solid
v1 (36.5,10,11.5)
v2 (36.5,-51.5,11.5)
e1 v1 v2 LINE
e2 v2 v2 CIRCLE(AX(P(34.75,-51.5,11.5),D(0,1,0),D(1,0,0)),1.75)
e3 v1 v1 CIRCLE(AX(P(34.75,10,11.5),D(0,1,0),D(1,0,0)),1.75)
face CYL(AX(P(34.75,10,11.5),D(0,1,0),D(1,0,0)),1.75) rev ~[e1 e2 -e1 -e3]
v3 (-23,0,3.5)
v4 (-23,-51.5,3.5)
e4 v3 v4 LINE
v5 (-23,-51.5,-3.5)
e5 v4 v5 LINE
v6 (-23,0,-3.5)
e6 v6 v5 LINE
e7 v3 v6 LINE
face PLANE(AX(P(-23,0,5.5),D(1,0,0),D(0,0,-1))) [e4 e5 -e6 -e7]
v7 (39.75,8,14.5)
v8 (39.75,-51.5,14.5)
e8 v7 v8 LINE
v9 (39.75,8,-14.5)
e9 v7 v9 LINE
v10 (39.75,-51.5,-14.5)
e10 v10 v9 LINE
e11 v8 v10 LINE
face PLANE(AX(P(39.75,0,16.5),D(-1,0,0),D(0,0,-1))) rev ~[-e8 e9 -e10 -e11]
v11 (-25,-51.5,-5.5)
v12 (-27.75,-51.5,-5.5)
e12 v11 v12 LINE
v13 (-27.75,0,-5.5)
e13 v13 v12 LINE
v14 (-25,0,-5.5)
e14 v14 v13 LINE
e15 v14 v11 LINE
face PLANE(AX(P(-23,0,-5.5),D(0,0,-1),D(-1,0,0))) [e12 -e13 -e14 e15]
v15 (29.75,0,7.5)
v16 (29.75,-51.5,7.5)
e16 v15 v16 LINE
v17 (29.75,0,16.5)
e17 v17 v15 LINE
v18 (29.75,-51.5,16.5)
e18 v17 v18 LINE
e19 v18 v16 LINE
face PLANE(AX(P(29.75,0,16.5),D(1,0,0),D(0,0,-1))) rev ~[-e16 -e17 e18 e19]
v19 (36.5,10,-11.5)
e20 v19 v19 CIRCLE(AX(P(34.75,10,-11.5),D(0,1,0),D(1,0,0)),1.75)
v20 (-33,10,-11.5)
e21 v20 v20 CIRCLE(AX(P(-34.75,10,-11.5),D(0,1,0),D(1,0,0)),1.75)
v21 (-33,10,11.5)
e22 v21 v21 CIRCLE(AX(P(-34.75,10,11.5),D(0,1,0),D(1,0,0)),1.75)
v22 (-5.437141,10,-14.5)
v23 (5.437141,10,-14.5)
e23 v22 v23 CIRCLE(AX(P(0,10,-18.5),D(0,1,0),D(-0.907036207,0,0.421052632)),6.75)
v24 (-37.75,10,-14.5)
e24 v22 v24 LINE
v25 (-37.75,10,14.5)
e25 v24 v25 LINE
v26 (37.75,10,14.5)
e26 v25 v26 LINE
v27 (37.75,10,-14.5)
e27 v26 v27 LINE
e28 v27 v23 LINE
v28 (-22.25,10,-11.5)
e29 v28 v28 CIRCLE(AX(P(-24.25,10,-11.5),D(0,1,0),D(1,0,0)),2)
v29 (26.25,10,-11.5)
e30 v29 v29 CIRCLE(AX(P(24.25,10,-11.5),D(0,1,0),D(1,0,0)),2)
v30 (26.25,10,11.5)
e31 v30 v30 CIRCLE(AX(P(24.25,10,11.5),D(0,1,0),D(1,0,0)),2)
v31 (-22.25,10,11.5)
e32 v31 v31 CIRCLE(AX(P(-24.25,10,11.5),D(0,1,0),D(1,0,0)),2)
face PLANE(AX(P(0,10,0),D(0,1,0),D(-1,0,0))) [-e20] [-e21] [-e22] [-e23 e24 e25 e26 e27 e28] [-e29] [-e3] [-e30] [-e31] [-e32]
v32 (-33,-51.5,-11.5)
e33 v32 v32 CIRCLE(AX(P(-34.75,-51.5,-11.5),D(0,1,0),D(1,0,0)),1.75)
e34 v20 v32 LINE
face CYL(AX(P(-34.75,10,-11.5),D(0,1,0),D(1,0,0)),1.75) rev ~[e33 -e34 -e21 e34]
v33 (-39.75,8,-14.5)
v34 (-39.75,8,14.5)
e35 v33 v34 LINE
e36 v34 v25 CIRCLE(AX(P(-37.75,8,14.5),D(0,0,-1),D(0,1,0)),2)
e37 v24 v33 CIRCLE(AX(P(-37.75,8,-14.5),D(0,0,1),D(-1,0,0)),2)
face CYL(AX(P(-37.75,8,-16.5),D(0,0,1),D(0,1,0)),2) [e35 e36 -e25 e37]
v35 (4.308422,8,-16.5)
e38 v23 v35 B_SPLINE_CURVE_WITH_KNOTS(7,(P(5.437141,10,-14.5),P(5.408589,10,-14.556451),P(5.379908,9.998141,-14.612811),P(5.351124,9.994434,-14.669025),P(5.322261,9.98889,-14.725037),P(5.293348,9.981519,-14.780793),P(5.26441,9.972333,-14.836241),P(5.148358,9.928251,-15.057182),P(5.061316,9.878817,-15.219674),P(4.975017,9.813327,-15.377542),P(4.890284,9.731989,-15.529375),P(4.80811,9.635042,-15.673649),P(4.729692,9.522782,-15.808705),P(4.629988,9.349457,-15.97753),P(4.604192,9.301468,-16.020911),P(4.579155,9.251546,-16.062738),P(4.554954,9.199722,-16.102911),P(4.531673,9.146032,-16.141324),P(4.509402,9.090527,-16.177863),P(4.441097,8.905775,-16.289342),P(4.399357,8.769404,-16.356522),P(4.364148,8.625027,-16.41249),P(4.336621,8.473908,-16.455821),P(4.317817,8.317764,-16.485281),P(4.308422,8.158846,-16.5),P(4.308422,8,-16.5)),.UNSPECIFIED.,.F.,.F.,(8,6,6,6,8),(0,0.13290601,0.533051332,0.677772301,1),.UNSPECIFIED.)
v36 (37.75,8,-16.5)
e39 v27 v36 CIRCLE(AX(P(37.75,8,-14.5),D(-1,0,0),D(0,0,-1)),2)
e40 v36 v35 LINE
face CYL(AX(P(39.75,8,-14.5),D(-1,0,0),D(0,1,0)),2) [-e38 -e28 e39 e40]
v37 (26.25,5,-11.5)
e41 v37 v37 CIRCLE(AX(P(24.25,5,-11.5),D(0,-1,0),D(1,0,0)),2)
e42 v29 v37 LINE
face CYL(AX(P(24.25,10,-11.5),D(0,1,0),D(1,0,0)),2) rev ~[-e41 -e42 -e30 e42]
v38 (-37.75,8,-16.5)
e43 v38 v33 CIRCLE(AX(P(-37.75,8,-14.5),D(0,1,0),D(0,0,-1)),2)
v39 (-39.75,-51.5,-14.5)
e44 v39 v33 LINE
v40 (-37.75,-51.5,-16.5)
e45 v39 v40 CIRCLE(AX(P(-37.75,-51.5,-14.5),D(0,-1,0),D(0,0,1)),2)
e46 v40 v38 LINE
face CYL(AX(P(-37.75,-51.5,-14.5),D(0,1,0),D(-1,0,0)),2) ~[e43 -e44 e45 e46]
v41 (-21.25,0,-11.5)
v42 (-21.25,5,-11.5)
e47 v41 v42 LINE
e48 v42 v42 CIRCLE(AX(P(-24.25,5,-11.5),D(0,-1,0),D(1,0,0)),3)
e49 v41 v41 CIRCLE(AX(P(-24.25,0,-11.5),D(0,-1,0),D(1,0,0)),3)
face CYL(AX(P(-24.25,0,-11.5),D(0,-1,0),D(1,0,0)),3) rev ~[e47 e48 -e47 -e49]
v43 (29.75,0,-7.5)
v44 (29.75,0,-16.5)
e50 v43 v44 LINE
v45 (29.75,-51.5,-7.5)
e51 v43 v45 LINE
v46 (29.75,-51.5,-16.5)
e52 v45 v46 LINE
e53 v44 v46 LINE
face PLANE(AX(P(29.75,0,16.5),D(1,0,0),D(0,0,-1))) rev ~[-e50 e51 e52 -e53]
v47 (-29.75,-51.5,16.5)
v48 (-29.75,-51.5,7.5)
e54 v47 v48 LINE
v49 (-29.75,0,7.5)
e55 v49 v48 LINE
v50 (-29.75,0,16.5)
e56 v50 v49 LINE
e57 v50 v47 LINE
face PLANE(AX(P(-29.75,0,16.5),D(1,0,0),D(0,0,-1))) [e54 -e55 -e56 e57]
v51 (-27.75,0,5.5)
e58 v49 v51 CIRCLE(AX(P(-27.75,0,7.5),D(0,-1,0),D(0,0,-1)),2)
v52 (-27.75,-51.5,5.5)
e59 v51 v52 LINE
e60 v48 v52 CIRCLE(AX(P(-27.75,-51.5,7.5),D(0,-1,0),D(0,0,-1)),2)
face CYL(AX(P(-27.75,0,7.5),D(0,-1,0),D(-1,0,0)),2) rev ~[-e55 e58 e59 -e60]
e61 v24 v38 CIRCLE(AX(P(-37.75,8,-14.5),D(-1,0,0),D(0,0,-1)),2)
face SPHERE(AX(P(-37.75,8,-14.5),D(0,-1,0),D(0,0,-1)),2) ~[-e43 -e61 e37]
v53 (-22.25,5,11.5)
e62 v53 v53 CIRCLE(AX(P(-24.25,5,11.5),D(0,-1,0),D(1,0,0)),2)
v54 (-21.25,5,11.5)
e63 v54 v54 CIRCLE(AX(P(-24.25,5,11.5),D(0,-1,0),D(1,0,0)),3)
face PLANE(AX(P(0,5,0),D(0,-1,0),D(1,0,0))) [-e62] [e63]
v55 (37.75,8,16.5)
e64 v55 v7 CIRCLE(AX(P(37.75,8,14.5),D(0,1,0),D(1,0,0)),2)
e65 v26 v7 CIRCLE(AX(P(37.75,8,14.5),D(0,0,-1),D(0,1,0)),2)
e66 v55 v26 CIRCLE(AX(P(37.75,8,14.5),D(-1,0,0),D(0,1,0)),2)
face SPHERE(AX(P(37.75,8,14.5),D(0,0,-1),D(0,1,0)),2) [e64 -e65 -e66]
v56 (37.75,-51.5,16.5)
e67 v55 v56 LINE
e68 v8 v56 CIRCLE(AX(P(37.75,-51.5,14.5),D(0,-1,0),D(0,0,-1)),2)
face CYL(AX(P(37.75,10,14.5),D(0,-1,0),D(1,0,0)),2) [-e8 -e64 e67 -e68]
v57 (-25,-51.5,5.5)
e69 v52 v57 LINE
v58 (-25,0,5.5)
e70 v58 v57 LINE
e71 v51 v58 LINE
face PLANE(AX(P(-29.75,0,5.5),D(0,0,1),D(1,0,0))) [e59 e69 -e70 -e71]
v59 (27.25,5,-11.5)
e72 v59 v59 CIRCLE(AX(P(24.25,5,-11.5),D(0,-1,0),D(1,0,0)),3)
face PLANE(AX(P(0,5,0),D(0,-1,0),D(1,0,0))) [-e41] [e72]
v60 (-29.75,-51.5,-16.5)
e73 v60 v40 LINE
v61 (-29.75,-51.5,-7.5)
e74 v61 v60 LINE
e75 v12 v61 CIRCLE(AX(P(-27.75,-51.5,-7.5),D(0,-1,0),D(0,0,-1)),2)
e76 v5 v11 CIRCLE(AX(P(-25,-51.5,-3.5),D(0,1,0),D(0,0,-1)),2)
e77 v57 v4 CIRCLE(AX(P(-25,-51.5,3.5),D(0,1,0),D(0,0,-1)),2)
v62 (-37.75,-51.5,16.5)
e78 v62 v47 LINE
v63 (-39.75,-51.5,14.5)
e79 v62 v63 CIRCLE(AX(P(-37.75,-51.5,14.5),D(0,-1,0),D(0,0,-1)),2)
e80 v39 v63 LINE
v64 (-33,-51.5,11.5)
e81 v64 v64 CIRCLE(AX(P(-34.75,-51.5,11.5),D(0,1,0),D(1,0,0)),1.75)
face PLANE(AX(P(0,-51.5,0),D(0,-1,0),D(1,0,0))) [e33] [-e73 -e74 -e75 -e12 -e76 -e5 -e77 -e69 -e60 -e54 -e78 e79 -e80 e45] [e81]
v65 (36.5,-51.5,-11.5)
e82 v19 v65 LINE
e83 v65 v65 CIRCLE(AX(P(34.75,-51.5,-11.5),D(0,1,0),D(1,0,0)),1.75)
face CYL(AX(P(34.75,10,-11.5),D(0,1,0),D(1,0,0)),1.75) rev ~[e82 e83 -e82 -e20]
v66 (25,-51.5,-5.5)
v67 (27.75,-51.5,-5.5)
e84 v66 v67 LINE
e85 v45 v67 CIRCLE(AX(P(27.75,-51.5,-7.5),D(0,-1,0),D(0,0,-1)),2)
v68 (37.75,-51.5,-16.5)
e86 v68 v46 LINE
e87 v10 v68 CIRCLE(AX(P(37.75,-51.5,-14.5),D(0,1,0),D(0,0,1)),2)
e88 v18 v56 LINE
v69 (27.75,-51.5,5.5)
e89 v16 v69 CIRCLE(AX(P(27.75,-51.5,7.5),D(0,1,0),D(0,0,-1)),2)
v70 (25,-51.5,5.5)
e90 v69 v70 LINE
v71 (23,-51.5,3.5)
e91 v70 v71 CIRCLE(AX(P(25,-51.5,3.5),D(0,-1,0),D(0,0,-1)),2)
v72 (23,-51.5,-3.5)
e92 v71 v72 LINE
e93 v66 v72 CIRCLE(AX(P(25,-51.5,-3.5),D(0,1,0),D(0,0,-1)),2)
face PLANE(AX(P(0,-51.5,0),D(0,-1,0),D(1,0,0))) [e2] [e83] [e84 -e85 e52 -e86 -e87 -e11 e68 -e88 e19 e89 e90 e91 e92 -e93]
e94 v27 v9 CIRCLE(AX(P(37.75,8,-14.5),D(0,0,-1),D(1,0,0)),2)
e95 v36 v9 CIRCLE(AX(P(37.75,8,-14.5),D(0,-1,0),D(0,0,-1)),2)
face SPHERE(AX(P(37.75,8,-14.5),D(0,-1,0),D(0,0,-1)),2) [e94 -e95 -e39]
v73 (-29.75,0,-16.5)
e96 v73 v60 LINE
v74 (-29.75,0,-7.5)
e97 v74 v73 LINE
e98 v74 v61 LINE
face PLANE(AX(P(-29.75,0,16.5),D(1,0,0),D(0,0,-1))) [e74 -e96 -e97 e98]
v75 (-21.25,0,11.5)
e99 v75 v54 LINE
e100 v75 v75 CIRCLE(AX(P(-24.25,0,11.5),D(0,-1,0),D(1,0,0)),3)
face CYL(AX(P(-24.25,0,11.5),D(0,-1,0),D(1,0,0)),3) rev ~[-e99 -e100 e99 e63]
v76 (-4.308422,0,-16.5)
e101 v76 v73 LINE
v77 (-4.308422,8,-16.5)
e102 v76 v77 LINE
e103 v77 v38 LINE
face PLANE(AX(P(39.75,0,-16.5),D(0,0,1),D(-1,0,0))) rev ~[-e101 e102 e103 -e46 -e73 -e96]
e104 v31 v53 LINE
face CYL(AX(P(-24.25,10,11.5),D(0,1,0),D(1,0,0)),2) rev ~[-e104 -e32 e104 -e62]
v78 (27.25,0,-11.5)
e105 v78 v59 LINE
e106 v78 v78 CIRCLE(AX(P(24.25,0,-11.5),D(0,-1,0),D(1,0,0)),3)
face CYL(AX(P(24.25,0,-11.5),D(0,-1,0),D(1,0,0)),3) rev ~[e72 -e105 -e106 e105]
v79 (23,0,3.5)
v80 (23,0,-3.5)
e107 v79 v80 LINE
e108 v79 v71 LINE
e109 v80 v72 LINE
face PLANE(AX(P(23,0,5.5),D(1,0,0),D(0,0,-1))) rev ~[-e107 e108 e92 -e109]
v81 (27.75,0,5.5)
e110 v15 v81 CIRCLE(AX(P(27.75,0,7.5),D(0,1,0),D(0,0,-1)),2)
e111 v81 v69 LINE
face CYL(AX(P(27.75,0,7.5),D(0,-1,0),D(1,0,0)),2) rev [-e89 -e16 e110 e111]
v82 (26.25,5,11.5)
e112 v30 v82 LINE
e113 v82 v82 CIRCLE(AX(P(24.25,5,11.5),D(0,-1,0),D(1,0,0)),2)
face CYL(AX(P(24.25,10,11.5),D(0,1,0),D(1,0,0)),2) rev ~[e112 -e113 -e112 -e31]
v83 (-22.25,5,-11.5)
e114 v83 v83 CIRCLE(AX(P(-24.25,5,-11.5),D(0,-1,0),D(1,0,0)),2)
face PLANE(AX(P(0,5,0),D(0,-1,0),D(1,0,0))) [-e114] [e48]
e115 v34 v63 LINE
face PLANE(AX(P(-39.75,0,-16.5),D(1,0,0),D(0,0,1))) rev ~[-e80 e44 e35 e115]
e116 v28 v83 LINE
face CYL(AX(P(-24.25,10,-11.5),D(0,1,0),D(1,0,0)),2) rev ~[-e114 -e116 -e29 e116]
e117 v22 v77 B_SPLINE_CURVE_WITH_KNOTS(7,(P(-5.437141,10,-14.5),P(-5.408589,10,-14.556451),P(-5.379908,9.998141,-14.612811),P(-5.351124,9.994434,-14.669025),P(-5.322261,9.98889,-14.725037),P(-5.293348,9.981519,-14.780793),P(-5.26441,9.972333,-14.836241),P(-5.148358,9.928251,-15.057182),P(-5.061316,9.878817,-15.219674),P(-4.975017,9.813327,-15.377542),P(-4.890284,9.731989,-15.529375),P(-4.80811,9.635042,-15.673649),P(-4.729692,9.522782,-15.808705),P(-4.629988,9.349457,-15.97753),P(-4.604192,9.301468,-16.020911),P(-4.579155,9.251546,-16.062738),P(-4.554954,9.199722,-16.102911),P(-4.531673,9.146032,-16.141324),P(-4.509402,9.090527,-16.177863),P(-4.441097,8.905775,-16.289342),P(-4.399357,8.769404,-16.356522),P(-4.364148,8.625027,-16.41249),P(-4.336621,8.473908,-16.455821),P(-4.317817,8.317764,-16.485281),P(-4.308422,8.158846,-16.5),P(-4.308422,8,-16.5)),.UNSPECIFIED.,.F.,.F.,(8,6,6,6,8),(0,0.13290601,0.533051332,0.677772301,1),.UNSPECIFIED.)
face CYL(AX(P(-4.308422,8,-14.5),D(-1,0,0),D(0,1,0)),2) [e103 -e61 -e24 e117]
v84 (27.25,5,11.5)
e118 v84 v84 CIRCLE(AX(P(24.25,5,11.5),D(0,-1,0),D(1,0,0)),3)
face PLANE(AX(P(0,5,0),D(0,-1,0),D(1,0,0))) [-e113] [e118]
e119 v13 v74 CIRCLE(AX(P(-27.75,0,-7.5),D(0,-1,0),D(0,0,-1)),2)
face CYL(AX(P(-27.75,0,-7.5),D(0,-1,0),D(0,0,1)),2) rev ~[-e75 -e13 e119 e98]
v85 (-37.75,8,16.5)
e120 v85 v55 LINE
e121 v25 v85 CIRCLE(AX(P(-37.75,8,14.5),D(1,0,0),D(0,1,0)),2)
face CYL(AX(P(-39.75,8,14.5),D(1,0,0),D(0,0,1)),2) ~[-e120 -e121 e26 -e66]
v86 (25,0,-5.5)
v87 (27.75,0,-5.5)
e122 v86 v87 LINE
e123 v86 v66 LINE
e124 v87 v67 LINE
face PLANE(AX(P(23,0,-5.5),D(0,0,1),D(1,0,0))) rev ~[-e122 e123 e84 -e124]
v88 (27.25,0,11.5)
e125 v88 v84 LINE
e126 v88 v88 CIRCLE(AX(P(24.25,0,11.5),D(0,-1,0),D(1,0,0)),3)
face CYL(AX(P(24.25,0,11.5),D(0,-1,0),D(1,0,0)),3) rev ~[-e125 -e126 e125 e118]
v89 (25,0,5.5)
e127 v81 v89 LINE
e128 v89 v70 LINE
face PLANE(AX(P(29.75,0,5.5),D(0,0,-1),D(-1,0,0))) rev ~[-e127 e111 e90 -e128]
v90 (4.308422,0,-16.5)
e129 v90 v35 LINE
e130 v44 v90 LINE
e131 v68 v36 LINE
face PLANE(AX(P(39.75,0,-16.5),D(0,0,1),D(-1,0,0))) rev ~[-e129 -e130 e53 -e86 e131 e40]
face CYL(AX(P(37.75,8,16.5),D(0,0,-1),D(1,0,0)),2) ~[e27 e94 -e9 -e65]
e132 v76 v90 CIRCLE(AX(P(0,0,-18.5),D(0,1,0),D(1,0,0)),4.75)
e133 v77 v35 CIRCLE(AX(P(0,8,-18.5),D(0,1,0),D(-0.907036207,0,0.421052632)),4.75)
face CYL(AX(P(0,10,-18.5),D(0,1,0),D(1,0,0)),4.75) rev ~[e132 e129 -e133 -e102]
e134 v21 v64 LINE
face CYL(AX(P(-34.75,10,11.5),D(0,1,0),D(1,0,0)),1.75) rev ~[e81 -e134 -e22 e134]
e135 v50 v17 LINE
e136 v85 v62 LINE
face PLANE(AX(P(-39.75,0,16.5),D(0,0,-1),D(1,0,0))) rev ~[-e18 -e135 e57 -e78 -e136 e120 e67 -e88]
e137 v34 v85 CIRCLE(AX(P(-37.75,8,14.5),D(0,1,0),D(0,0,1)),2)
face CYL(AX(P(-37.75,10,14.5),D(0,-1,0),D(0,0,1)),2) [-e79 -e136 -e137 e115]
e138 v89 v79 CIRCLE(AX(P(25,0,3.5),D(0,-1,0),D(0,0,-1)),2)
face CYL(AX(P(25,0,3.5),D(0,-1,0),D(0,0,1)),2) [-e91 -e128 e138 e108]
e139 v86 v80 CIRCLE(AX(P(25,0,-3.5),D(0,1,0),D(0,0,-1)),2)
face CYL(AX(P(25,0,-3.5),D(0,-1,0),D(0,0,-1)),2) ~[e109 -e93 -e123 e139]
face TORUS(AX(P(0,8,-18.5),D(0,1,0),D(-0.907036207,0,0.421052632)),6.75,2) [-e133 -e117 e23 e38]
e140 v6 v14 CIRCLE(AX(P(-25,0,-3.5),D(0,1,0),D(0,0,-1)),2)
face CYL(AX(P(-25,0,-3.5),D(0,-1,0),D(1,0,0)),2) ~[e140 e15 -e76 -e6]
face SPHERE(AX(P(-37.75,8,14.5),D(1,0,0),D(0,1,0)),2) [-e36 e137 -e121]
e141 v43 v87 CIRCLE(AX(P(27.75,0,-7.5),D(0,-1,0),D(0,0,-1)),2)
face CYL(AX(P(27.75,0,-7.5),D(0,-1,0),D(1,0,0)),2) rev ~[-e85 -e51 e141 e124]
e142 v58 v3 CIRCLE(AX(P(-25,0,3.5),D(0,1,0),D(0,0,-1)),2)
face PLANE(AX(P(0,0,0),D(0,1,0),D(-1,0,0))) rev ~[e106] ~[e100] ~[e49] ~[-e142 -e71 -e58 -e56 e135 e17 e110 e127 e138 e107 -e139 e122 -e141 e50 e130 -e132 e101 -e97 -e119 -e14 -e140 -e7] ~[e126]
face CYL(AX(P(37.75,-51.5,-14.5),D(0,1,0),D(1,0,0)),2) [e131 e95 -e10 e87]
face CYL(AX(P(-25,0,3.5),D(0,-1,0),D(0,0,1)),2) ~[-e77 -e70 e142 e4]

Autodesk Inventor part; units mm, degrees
ref_plane "YZ Plane" through (0, 0, 0) normal (1, 0, 0) x (0, 1, 0)
ref_plane "XZ Plane" through (0, 0, 0) normal (0, 1, 0) x (-1, 0, 0)
ref_plane "XY Plane" through (0, 0, 0) normal (0, 0, 1) x (1, 0, 0)
sketch "TopSketch" plane through (0, 0, 0) normal (0, 1, 0) x (-1, 0, 0)
  line L0 (-39.75, -16.5) -> (39.75, -16.5)
  line L1 (39.75, -16.5) -> (39.75, 16.5)
  line L2 (39.75, 16.5) -> (-39.75, 16.5)
  line L3 (-39.75, 16.5) -> (-39.75, -16.5)
  line L4 (-39.75, -16.5) -> (39.75, 16.5) construction
  line L5 (39.75, -16.5) -> (-39.75, 16.5) construction
  point P0 (0, 0)
  dimension "EncoderSupportOutside_Length" = 33
  dimension "EncoderSupportOutside_Width" = 79.5
extrude "Top" add sketch "TopSketch" along normal blind 10
sketch "SideSketch" plane through (0, 0, 0) normal (0, -1, 0) x (1, 0, 0)
  line L0 (39.75, -16.5) -> (-39.75, -16.5) projected
  line L1 (39.75, 16.5) -> (39.75, -16.5) projected
  line L2 (-39.75, 16.5) -> (39.75, 16.5) projected
  line L3 (-39.75, -16.5) -> (-39.75, 16.5) projected
  line L4 (-29.75, 16.5) -> (-29.75, -16.5)
  line L5 (29.75, 16.5) -> (29.75, -16.5)
  line L6 (0, 0) -> (0, 21.6169) construction
  dimension "d4" = 10
extrude "Side" add sketch "SideSketch" along normal blind 51.5 contours L0 L5 L2 L1 | L0 L3 L2 L4
sketch "CableHoleSketch" plane through (0, 10, 0) normal (0, 1, 0) x (1, 0, 0)
  line L0 (-39.75, -16.5) -> (39.75, -16.5) projected
  line L1 (39.75, -16.5) -> (39.75, 16.5) projected
  line L2 (0, 0) -> (0, 14.5107) construction
  circle A0 centre (0, 18.5) radius 4.75
  dimension "d7" = 9.5
  dimension "d8" = 35
extrude "CableHole" cut sketch "CableHoleSketch" against normal up to next
sketch "InnerFasteningHoleSketch" plane through (0, 10, 0) normal (0, 1, 0) x (1, 0, 0)
  line L0 (39.75, 16.5) -> (-39.75, 16.5) projected
  line L1 (39.75, 16.5) -> (-39.75, 16.5) projected
  circle A0 centre (-24.25, 11.5) radius 2
  line L2 (0, 0) -> (39.099, 0) construction
  line L3 (0, 0) -> (0, 35.9734) construction
  circle A1 centre (-24.25, -11.5) radius 2
  circle A2 centre (24.25, 11.5) radius 2
  circle A3 centre (24.25, -11.5) radius 2
  dimension "d11" = 4
  dimension "d12" = 5
  dimension "d13" = 24.25
extrude "InnerFasteningHole" cut sketch "InnerFasteningHoleSketch" against normal up to next
sketch "OuterFasteningHoleSketch" plane through (0, 10, 0) normal (0, 1, 0) x (1, 0, 0)
  line L0 (39.75, 16.5) -> (-39.75, 16.5) projected
  line L1 (-39.75, 16.5) -> (-39.75, -16.5) projected
  line L2 (39.75, 16.5) -> (-39.75, 16.5) projected
  circle A0 centre (-34.75, 11.5) radius 1.75
  line L3 (0, 0) -> (36.9685, 0) construction
  line L4 (0, 0) -> (0, 24.5431) construction
  circle A1 centre (34.75, 11.5) radius 1.75
  circle A2 centre (-34.75, -11.5) radius 1.75
  circle A3 centre (34.75, -11.5) radius 1.75
  dimension "d16" = 3.5
  dimension "d17" = 5
  dimension "d18" = 5
extrude "OuterFasteningHole" cut sketch "OuterFasteningHoleSketch" against normal up to next
sketch "CoilSpringHoleSketch" plane through (0, 0, 0) normal (0, -1, 0) x (1, 0, 0)
  circle A0 centre (24.25, -11.5) radius 2 projected
  circle A1 centre (-24.25, -11.5) radius 2 projected
  circle A2 centre (-24.25, 11.5) radius 2 projected
  circle A3 centre (24.25, 11.5) radius 2 projected
  line L0 (29.75, -16.5) -> (-29.75, -16.5) projected
  circle A4 centre (-24.25, 11.5) radius 3
  line L1 (0, 0) -> (0, 23.1959) construction
  line L2 (0, 0) -> (47.7515, 0) construction
  circle A5 centre (24.25, 11.5) radius 3
  circle A6 centre (-24.25, -11.5) radius 3
  circle A7 centre (24.25, -11.5) radius 3
  point P0 (-4.3084, -16.5)
  dimension "d21" = 6
extrude "CoilSpringHole" cut sketch "CoilSpringHoleSketch" against normal blind 5
sketch "Sketch7" plane through (0, 0, 0) normal (0, -1, 0) x (1, 0, 0)
  circle A0 centre (-24.25, 11.5) radius 3 projected
  arc A1 (4.3084, -16.5) -> (-4.3084, -16.5) centre (0, -18.5) ccw projected
  line L0 (-29.75, 16.5) -> (-29.75, -16.5) projected
  line L1 (-29.75, 5.5) -> (-23, 5.5)
  line L2 (-23, 5.5) -> (-23, -5.5)
  line L3 (-23, -5.5) -> (-29.75, -5.5)
  line L4 (-29.75, -5.5) -> (-29.75, 5.5)
  line L5 (0, 0) -> (50.1862, 0) construction
  line L6 (0, 0) -> (0, -18.5) construction
  line L7 (29.75, 5.5) -> (23, 5.5)
  line L8 (23, 5.5) -> (23, -5.5)
  line L9 (23, -5.5) -> (29.75, -5.5)
  line L10 (29.75, -5.5) -> (29.75, 5.5)
  circle A2 centre (-24.25, 11.5) radius 3 construction
  dimension "d25" = 3
  dimension "d26" = 23
extrude "Extrusion7" add sketch "Sketch7" along normal up to surface (51.5 mm away) contours L1 L2 L3 L0 | L10 L9 L8 L7
fillet "Fillet" radius 2 8 edges at (-29.75, -25.75, 5.5) (-23, -25.75, 5.5) (-23, -25.75, -5.5) (-29.75, -25.75, -5.5) (29.75, -25.75, 5.5) (23, -25.75, 5.5) (23, -25.75, -5.5) (29.75, -25.75, -5.5)
fillet "Fillet" radius 2 10 edges at (39.75, -20.75, -16.5) (-39.75, -20.75, -16.5) (22.0292, 10, -16.5) (0, 10, -13.75) (-22.0292, 10, -16.5) (39.75, 10, 0) (0, 10, 16.5) (-39.75, 10, 0) (-39.75, -20.75, 16.5) (39.75, -20.75, 16.5)
equation "\"EncoderSupportOutside_Length\" = EncoderSupportInside_Length"
equation "\"EncoderSupportOutside_Width\" = EncoderSupportInside_Width + 2 * EncoderSupportOutside_Thickness + 2 * EncoderSupportOutside_MecanicalSpace"
equation "\"d2\" = EncoderSupportOutside_Thickness"
equation "\"d4\" = EncoderSupportOutside_Thickness"
equation "\"d5\" = EncoderSupportInside_Height + EncoderSupport_Space"
equation "\"d7\" = Encoder_CableBase_Diameter + EncoderSupport_PlasticShrinkingMargin"
equation "\"d8\" = Encoder_CableBase_DistanceToTop + EncoderSupportInside_Front_Thickness"
equation "\"d9\" = EncoderSupportOutside_Thickness"
equation "\"d11\" = EncoderSupport_PlasticShrinkingMargin + EncoderSupport_FixingHole_Diameter + EncoderSupportOutside_MecanicalSpace"
equation "\"d12\" = EncoderSupport_FixingnHole_Margin"
equation "\"d14\" = EncoderSupportOutside_Thickness"
equation "\"d16\" = EncoderSupport_FixingHole_Diameter + EncoderSupport_PlasticShrinkingMargin"
equation "\"d17\" = EncoderSupport_FixingnHole_Margin"
equation "\"d18\" = EncoderSupport_FixingnHole_Margin"
equation "\"d19\" = EncoderSupportOutside_Thickness"
equation "\"d21\" = EncoderSupport_CoilSpringHole_Diameter"
equation "\"d25\" = EncoderSupportInside_Hollow_Margin + EncoderSupportOutside_MecanicalSpace"
equation "\"d29\" = EncoderSupport_Fillet_Size"
equation "\"EncoderSupportOutside_Thickness\" = 10"
equation "\"EncoderSupportOutside_MecanicalSpace\" = 0.5"
equation "\"EncoderSupport_Space\" = 5"
equation "\"EncoderSupportInside_Length\" = 33"
equation "\"EncoderSupportInside_Width\" = 58.5"
equation "\"EncoderSupportInside_Height\" = 46.5"
equation "\"Encoder_CableBase_Diameter\" = 9"
equation "\"EncoderSupport_PlasticShrinkingMargin\" = 0.5"
equation "\"Encoder_CableBase_DistanceToTop\" = 32"
equation "\"EncoderSupportInside_Front_Thickness\" = 3"
equation "\"EncoderSupport_FixingHole_Diameter\" = 3"
equation "\"EncoderSupport_FixingnHole_Margin\" = 5"
equation "\"EncoderSupport_CoilSpringHole_Diameter\" = 6"
equation "\"EncoderSupportInside_Hollow_Margin\" = 2.5"
equation "\"EncoderSupport_Fillet_Size\" = 2"
properties part number "EncoderSupportOutside" material "Polyethylene, High Density"
